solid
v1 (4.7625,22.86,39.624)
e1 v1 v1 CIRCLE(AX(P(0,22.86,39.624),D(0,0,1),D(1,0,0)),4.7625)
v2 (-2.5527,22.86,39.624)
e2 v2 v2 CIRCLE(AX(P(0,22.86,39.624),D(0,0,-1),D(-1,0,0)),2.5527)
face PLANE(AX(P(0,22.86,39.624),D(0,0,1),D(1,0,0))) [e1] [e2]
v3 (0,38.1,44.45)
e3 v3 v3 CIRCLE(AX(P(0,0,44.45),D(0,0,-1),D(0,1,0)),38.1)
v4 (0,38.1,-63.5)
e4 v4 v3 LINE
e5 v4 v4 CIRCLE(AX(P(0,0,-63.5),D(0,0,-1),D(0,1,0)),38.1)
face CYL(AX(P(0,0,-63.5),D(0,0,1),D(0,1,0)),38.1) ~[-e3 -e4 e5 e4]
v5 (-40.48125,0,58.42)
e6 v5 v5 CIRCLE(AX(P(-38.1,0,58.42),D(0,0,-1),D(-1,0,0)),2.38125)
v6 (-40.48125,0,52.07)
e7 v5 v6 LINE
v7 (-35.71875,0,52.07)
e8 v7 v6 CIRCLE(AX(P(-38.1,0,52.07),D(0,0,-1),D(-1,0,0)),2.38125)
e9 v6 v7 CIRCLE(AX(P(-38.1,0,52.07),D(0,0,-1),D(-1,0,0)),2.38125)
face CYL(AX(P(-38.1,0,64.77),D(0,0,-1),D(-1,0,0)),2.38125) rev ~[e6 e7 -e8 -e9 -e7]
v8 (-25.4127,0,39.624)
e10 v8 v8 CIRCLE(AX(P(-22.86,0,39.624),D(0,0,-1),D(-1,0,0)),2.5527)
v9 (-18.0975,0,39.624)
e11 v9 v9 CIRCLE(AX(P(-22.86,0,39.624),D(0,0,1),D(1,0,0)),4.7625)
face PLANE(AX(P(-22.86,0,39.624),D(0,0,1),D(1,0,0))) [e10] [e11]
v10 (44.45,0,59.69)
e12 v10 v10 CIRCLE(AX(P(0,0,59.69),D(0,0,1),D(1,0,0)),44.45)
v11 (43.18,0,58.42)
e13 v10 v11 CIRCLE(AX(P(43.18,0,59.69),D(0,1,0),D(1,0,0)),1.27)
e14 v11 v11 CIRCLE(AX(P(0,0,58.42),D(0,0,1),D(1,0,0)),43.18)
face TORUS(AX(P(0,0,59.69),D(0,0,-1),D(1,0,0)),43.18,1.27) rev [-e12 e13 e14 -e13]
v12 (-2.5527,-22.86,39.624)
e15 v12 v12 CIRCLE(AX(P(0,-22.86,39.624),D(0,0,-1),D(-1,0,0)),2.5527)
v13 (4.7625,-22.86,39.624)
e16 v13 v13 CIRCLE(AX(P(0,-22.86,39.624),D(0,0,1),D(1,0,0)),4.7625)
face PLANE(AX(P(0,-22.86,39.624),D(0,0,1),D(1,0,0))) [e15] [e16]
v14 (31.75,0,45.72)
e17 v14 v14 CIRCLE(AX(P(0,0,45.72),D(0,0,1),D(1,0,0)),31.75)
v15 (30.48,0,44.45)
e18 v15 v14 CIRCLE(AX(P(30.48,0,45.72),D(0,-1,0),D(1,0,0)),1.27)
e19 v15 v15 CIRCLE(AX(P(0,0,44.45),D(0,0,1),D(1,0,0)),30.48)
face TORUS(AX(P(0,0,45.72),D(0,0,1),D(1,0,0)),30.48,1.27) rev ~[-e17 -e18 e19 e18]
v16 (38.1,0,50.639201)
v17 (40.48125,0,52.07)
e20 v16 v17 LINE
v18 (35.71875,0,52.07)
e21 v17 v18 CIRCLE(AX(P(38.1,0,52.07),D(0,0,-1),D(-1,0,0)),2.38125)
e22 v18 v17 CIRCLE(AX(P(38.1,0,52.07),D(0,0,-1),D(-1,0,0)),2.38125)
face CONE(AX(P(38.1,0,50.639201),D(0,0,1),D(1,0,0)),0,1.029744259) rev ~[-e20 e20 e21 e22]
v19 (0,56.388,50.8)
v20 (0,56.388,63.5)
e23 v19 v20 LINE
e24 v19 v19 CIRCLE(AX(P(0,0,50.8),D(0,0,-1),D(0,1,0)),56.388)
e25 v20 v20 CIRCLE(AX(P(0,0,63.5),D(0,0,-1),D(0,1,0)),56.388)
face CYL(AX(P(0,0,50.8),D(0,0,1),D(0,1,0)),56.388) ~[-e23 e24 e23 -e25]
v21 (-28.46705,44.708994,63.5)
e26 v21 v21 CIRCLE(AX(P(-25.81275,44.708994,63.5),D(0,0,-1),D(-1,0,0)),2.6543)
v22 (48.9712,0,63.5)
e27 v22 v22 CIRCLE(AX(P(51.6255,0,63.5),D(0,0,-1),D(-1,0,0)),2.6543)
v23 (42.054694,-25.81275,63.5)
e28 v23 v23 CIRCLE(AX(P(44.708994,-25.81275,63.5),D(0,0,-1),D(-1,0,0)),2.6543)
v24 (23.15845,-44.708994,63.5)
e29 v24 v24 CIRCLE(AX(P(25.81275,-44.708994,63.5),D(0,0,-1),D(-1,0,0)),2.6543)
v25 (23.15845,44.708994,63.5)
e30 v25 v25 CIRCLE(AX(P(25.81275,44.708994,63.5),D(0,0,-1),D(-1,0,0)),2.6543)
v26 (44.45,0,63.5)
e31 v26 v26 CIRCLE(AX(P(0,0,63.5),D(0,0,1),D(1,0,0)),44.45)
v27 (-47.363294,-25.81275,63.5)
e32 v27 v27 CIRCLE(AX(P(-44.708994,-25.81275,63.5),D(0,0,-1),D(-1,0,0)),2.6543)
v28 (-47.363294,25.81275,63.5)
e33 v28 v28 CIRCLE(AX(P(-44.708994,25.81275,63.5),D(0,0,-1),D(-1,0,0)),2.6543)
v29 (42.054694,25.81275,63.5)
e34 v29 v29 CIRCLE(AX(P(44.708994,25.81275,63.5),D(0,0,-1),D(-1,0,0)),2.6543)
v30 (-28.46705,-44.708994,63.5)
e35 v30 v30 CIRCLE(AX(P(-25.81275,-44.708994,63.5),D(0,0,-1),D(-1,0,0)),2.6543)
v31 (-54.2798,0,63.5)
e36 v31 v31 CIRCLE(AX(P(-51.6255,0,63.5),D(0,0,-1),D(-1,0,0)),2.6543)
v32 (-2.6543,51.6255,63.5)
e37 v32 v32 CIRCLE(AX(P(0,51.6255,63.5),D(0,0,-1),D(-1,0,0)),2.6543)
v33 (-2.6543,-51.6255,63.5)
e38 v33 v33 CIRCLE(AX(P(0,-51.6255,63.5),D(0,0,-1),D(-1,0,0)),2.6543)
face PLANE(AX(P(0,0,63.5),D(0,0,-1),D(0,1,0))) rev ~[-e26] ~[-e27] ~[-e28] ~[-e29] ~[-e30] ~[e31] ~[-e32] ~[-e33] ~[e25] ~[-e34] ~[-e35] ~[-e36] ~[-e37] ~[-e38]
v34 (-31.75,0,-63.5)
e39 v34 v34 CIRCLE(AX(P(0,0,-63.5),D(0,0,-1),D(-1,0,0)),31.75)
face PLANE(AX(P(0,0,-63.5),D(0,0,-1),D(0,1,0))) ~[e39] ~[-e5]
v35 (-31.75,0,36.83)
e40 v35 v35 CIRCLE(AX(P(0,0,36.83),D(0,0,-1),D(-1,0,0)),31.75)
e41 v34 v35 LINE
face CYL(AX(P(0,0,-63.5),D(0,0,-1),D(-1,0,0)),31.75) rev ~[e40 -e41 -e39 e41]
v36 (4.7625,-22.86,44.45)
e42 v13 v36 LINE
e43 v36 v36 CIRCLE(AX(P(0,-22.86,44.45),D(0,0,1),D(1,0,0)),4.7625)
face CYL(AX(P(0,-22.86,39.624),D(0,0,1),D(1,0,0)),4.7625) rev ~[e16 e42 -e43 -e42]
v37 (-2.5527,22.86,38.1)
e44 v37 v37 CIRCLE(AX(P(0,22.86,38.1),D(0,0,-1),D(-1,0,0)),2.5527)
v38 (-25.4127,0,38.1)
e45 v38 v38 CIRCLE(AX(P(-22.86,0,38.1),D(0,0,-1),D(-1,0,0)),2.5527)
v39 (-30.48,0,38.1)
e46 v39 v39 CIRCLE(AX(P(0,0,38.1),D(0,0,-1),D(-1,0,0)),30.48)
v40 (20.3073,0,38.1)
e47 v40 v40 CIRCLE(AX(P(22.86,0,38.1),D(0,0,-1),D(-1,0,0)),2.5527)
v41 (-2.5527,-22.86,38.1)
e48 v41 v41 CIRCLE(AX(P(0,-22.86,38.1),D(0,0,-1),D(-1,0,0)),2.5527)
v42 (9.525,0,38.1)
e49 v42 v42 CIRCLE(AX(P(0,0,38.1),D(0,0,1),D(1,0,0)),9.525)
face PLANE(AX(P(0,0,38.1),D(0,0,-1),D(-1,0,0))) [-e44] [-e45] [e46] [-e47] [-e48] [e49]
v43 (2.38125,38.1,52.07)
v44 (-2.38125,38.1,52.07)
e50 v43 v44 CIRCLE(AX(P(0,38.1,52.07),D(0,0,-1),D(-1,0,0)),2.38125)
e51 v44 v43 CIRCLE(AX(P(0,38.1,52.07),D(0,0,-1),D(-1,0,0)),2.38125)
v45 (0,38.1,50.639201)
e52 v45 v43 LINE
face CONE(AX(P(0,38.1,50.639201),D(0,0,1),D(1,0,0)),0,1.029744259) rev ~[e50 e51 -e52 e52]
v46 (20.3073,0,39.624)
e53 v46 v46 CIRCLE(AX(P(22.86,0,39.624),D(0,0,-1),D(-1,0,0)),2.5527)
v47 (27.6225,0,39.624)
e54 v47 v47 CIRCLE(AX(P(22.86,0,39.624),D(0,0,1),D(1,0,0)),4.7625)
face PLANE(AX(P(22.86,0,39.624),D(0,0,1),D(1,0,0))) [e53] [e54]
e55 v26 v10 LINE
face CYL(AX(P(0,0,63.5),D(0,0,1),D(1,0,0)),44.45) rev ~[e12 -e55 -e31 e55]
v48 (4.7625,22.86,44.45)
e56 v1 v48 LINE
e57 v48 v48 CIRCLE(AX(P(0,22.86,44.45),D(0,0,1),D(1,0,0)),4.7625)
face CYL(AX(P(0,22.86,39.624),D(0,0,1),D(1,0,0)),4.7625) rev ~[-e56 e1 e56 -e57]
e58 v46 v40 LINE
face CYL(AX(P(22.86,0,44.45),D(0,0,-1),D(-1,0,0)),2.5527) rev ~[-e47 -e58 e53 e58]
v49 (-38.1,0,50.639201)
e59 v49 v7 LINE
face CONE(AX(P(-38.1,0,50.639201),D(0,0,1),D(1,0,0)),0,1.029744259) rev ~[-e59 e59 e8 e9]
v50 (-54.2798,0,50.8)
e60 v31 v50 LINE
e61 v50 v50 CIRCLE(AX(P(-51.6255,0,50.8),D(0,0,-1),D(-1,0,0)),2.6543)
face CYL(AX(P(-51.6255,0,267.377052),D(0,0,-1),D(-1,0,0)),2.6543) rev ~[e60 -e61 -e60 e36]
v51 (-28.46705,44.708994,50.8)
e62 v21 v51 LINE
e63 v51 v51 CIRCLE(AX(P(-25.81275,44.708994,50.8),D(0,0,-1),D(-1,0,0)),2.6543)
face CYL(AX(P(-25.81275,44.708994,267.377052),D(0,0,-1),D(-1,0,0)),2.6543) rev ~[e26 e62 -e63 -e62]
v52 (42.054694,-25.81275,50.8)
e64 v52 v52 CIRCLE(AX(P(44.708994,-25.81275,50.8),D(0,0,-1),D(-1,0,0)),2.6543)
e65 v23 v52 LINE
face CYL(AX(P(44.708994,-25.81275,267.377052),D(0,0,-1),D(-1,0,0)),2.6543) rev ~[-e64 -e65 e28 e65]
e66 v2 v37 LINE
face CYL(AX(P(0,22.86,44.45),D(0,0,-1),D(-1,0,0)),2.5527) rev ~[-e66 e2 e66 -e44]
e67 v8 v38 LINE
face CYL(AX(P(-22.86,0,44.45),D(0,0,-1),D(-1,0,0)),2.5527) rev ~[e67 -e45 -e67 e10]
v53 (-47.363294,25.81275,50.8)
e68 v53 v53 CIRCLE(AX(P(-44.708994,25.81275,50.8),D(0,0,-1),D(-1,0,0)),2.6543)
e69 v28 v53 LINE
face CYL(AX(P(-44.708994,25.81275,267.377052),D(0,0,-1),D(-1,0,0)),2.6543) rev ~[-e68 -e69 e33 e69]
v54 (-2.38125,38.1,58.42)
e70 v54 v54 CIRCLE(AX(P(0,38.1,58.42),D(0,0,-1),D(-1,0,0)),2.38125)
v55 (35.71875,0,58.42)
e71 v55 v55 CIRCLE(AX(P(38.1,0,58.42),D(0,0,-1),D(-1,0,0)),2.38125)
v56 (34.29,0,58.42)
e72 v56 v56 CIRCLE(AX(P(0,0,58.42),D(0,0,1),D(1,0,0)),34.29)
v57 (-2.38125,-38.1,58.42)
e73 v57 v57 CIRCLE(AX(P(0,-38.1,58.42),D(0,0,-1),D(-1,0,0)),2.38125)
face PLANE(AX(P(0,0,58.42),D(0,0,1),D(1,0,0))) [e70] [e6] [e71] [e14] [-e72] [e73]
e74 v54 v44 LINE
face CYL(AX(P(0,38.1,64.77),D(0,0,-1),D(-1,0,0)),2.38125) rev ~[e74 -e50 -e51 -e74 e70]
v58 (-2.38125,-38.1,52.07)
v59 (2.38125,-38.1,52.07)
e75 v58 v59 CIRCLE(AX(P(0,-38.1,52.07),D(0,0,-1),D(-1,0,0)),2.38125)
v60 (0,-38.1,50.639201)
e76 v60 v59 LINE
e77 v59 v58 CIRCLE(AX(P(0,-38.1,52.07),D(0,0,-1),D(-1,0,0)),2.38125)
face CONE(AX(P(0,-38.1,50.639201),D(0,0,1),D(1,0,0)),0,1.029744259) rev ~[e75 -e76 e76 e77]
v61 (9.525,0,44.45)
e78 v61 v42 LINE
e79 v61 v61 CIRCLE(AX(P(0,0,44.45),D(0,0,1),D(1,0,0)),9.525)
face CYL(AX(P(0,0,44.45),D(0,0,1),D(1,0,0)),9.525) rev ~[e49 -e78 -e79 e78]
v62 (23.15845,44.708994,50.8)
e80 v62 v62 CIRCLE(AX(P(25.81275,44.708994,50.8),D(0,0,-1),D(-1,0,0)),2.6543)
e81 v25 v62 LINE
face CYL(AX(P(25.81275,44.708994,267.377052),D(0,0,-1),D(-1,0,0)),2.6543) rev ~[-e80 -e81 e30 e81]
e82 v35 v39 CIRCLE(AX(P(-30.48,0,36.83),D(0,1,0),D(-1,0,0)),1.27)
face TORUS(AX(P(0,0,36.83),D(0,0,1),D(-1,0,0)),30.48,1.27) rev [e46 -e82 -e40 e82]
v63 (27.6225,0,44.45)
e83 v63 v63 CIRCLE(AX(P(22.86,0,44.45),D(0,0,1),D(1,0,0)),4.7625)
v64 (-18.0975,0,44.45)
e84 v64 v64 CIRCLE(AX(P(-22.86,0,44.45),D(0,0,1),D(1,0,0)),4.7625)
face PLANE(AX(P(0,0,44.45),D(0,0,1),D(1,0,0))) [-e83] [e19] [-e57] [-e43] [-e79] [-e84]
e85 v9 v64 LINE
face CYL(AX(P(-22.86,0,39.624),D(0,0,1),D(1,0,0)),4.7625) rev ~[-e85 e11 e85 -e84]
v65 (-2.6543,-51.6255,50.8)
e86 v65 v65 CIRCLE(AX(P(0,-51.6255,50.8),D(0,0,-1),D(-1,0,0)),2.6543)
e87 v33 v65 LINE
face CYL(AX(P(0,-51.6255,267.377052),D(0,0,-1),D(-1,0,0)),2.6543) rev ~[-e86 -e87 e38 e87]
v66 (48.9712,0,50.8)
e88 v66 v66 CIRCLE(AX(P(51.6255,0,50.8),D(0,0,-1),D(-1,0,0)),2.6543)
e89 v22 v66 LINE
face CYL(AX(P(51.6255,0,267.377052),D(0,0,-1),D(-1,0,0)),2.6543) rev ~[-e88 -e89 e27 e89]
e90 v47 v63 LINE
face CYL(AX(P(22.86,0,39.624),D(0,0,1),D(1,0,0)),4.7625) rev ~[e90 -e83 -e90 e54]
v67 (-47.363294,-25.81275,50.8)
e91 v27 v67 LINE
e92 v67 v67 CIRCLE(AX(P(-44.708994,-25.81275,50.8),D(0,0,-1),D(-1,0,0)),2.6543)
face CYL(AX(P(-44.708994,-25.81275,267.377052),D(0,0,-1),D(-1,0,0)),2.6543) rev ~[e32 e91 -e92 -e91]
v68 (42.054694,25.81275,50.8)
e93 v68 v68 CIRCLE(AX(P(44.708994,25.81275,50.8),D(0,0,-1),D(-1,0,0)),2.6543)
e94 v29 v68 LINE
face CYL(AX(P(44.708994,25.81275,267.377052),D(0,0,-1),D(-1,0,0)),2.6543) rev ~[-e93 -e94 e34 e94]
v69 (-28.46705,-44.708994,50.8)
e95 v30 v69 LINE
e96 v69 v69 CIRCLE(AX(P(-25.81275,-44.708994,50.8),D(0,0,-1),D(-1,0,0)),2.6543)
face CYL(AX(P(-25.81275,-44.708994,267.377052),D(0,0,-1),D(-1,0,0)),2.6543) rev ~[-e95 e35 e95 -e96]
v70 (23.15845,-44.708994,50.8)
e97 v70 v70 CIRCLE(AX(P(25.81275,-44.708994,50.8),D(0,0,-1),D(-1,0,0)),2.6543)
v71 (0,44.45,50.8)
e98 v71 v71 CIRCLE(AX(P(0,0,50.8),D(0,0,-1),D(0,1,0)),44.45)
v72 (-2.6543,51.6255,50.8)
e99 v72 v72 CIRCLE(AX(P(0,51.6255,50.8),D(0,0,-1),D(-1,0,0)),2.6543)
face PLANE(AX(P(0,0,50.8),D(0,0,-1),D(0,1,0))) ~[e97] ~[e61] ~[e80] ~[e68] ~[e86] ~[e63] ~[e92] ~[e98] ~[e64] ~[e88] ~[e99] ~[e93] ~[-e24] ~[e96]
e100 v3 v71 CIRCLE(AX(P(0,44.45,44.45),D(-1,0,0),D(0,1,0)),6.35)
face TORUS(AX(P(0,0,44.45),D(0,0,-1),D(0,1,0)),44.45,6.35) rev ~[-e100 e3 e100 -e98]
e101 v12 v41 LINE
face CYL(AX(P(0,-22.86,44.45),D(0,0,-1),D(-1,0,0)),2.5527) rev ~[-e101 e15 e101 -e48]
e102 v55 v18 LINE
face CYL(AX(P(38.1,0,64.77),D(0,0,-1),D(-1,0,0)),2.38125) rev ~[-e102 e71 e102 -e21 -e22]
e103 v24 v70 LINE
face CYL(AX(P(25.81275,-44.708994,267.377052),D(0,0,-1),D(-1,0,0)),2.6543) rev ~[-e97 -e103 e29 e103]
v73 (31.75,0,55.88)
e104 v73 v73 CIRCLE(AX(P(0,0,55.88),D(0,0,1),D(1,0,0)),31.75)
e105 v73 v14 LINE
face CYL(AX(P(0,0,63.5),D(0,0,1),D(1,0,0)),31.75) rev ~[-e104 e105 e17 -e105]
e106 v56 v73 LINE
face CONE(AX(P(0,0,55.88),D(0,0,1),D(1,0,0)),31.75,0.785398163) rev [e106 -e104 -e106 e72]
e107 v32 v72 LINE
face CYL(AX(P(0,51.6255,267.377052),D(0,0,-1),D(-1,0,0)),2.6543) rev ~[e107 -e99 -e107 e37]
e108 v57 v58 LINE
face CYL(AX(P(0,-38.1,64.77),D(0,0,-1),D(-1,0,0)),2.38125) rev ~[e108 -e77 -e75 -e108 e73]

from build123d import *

# Parameters (mm, degrees)
SKETCH2_R                                       = 31.75
CUT_EXTRUDE1_DEPTH                              = 101.6
SKETCH3_R                                       = 31.75
CUT_EXTRUDE2_DEPTH                              = 19.05
SKETCH4_R                                       = 9.525
CUT_EXTRUDE3_DEPTH                              = 108.95
SKETCH5_R                                       = 44.45
CUT_EXTRUDE4_DEPTH                              = 5.08
FILLET1_R                                       = 1.27
FILLET2_R                                       = 6.35
CHAMFER1_SIZE                                   = 2.54
CBORE_FOR_10_SOCKET_HEAD_CAP_SCREW1_D           = 5.1054
CBORE_FOR_10_SOCKET_HEAD_CAP_SCREW1_CBORE_D     = 9.525
CBORE_FOR_10_SOCKET_HEAD_CAP_SCREW1_CBORE_DEPTH = 4.826
F_3_16_0_1875_DIAMETER_HOLE1_D                  = 4.7625
F_3_16_0_1875_DIAMETER_HOLE1_DEPTH              = 6.35
F_3_16_0_1875_DIAMETER_HOLE1_TIP                = 1.430799349
F_4_0_209_DIAMETER_HOLE1_D                      = 5.3086


with BuildPart() as part:
    # Sketch1 → Revolve1 (revolve)
    with BuildSketch(Plane(origin=(0, 0, 0), x_dir=(0, 0, -1), z_dir=(1, 0, 0))):
        Polygon((-63.5, 0), (63.5, 0), (63.5, 38.1), (-50.8, 38.1), (-50.8, 56.388), (-63.5, 56.388), align=None)
    revolve(axis=Axis((0, 0, 63.5), (0, 0, -1)))

    # Sketch2 → Cut-Extrude1 (cut)
    with BuildSketch(Plane(origin=(0, 0, -63.5), x_dir=(-1, 0, 0), z_dir=(0, 0, -1))):
        Circle(SKETCH2_R)
    extrude(amount=-CUT_EXTRUDE1_DEPTH, mode=Mode.SUBTRACT)

    # Sketch3 → Cut-Extrude2 (cut)
    with BuildSketch(Plane.XY.offset(63.5)):
        Circle(SKETCH3_R)
    extrude(amount=-CUT_EXTRUDE2_DEPTH, mode=Mode.SUBTRACT)

    # Sketch4 → Cut-Extrude3 (cut, through all)
    with BuildSketch(Plane.XY.offset(44.45)):
        Circle(SKETCH4_R)
    extrude(amount=-CUT_EXTRUDE3_DEPTH, mode=Mode.SUBTRACT)

    # Sketch5 → Cut-Extrude4 (cut)
    with BuildSketch(Plane.XY.offset(63.5)):
        Circle(SKETCH5_R)
    extrude(amount=-CUT_EXTRUDE4_DEPTH, mode=Mode.SUBTRACT)

    # Fillet1
    fillet1_edges = [part.edges().sort_by_distance(p)[0] for p in [
        (31.75, 0, 38.1),
        (-31.75, 0, 44.45),
        (-44.45, 0, 58.42),
    ]]
    fillet(fillet1_edges, radius=FILLET1_R)

    # Fillet2
    fillet2_edges = [part.edges().sort_by_distance(p)[0] for p in [
        (0, -38.1, 50.8),
    ]]
    fillet(fillet2_edges, radius=FILLET2_R)

    # Chamfer1
    chamfer1_edges = [part.edges().sort_by_distance(p)[0] for p in [
        (-31.75, 0, 58.42),
    ]]
    chamfer(chamfer1_edges, length=CHAMFER1_SIZE)

    # CBORE for #10 Socket Head Cap Screw1 (through all)
    with Locations(Plane.XY.offset(44.45)):
        with Locations((0, 22.86), (22.86, 0), (0, -22.86), (-22.86, 0)):
            CounterBoreHole(CBORE_FOR_10_SOCKET_HEAD_CAP_SCREW1_D / 2, CBORE_FOR_10_SOCKET_HEAD_CAP_SCREW1_CBORE_D / 2, CBORE_FOR_10_SOCKET_HEAD_CAP_SCREW1_CBORE_DEPTH)

    # 3/16 (0.1875) Diameter Hole1
    with Locations(Plane.XY.offset(58.42)):
        with Locations((0, 38.1), (38.1, 0), (0, -38.1), (-38.1, 0), (0, 0)):
            Hole(F_3_16_0_1875_DIAMETER_HOLE1_D / 2, depth=F_3_16_0_1875_DIAMETER_HOLE1_DEPTH)
            with Locations((0, 0, -(F_3_16_0_1875_DIAMETER_HOLE1_DEPTH + F_3_16_0_1875_DIAMETER_HOLE1_TIP / 2))):  # 118° drill point
                Cone(0, F_3_16_0_1875_DIAMETER_HOLE1_D / 2, F_3_16_0_1875_DIAMETER_HOLE1_TIP, mode=Mode.SUBTRACT)

    # #4 (0.209) Diameter Hole1 (through all)
    with Locations(Plane.XY.offset(63.5)):
        with Locations((0, 51.6255), (25.81275, 44.708994483), (44.708994483, 25.81275), (51.6255, 0), (44.708994483, -25.81275), (25.81275, -44.708994483), (0, -51.6255), (-25.81275, -44.708994483), (-44.708994483, -25.81275), (-51.6255, 0), (-44.708994483, 25.81275), (-25.81275, 44.708994483), (0, 0)):
            Hole(F_4_0_209_DIAMETER_HOLE1_D / 2)


solid = part.part
